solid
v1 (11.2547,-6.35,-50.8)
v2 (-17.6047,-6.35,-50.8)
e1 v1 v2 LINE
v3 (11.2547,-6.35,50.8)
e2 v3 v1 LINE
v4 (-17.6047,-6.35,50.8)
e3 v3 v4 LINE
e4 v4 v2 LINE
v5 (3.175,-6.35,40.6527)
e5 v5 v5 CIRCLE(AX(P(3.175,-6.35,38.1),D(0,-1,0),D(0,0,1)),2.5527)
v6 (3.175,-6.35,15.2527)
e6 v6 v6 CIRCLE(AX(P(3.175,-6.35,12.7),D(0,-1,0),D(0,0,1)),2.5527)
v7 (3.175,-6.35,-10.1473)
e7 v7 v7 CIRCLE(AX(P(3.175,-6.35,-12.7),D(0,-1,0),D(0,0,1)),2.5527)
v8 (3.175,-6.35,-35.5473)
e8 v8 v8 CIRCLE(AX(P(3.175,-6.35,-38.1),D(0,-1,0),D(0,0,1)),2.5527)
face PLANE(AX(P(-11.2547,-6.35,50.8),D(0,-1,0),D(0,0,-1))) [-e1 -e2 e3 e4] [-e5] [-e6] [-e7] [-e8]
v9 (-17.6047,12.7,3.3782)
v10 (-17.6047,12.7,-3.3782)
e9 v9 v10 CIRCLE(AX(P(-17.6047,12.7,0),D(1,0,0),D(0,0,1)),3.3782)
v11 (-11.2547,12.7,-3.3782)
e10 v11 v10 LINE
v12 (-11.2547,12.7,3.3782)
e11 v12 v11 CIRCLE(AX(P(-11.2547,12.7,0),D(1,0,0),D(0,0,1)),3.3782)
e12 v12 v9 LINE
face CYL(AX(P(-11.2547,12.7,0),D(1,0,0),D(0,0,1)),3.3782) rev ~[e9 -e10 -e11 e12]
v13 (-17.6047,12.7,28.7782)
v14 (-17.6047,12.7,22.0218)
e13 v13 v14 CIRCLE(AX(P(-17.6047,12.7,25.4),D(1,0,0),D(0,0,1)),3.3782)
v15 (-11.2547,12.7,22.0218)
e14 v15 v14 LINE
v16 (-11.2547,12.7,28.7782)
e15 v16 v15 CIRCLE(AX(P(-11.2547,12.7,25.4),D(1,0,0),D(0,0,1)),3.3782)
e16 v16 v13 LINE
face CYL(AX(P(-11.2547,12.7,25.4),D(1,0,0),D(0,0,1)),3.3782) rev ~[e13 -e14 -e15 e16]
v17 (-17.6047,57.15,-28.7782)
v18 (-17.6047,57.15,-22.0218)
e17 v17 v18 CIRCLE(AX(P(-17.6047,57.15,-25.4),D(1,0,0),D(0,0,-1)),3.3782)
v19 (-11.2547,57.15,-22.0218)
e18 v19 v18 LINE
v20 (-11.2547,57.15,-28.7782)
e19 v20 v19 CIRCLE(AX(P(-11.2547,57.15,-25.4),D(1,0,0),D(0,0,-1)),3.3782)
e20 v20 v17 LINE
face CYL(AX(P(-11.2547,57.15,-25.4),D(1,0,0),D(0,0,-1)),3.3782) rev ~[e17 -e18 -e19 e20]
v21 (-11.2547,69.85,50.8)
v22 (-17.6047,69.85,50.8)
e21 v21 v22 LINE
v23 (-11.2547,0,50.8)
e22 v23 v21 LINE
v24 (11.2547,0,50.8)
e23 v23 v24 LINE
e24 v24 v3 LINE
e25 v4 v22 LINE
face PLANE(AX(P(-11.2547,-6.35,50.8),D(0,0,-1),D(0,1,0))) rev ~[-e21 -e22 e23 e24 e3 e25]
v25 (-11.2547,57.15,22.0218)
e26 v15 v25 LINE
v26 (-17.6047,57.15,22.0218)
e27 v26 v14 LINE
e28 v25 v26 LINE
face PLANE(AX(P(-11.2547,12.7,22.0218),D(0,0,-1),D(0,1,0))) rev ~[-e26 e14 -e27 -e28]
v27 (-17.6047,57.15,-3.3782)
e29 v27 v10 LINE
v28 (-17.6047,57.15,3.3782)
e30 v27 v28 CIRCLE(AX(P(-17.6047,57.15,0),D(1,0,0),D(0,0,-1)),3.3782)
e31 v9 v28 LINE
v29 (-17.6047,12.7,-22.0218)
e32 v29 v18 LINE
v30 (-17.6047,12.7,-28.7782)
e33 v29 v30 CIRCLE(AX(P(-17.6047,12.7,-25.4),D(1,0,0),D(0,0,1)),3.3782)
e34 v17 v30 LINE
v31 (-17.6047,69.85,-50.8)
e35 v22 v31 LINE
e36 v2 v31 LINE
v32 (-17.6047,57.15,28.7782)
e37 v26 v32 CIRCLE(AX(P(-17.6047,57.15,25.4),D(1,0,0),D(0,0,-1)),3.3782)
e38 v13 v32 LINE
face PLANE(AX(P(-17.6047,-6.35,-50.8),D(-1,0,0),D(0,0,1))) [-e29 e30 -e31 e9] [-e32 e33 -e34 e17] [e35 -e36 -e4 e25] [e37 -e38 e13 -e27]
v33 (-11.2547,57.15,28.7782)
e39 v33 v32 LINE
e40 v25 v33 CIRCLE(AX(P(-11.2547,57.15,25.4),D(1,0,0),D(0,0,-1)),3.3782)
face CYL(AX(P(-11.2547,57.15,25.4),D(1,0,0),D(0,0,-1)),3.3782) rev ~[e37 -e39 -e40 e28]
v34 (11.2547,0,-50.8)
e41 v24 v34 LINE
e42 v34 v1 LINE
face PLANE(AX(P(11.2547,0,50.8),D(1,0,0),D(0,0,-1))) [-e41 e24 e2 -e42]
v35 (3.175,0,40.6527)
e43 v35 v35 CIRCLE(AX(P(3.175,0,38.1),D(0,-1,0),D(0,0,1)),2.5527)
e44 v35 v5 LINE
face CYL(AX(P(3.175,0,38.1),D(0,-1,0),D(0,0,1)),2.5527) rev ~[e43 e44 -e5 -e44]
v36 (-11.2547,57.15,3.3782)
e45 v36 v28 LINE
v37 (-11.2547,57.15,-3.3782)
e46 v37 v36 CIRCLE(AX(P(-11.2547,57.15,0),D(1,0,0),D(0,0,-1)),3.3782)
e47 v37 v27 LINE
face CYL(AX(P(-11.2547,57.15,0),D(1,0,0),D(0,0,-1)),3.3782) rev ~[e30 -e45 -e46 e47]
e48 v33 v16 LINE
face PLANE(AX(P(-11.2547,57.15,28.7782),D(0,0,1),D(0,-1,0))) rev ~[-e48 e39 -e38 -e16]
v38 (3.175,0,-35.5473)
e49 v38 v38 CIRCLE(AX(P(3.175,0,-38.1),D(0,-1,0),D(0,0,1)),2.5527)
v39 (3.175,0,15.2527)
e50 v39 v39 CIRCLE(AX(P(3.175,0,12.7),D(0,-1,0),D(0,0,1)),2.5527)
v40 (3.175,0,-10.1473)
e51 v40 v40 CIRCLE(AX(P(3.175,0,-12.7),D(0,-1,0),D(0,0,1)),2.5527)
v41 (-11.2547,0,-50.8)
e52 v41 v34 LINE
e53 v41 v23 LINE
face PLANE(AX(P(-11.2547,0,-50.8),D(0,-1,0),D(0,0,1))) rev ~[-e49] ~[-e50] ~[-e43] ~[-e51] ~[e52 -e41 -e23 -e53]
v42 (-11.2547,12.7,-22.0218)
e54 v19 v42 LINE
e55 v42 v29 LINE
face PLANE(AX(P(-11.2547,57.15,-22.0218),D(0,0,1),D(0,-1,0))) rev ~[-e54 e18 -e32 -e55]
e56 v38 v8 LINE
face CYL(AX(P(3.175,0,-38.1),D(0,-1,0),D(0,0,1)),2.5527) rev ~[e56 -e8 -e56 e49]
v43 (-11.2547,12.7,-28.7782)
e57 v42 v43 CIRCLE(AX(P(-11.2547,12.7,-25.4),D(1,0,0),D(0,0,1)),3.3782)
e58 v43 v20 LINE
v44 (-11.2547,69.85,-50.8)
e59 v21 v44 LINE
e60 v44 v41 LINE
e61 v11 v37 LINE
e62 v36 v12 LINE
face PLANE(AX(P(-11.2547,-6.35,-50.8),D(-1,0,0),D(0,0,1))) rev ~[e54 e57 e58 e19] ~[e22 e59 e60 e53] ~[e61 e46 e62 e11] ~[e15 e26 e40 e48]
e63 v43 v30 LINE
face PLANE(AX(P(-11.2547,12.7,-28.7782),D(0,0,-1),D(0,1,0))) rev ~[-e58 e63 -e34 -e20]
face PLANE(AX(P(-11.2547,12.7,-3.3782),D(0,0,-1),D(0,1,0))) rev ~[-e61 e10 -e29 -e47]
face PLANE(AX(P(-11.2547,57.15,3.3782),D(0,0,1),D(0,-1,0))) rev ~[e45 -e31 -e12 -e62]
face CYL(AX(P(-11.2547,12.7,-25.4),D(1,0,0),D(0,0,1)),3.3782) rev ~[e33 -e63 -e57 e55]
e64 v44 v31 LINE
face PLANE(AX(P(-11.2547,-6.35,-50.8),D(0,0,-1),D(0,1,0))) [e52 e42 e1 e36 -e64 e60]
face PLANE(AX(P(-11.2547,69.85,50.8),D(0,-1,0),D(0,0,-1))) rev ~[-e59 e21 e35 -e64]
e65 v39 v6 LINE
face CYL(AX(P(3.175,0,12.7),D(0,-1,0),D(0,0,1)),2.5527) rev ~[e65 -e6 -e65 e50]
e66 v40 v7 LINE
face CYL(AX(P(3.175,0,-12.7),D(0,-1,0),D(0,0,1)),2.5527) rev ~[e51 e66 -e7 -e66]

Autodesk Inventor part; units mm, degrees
ref_plane "YZ Plane" through (0, 0, 0) normal (1, 0, 0) x (0, 1, 0)
ref_plane "XZ Plane" through (0, 0, 0) normal (0, 1, 0) x (-1, 0, 0)
sketch "Sketch1" plane through (0, 0, 0) normal (0, 1, 0) x (-1, 0, 0)
  line L0 (11.2547, 50.8) -> (-11.2547, 50.8)
  line L1 (-11.2547, 50.8) -> (-11.2547, -50.8)
  line L2 (-11.2547, -50.8) -> (11.2547, -50.8)
  line L3 (11.2547, -50.8) -> (11.2547, 50.8)
  line L4 (11.2547, 50.8) -> (-11.2547, -50.8) construction
  line L5 (-11.2547, 50.8) -> (11.2547, -50.8) construction
  point P0 (0, 0)
  dimension "d0" = 101.6
  dimension "d1" = 22.5095
extrude "Extrusion1" add sketch "Sketch1" against normal blind 6.35
sketch "Sketch2" plane through (0, 0, 0) normal (0, 1, 0) x (1, 0, 0)
  line L0 (11.2547, -50.8) -> (-11.2547, -50.8) projected
  line L1 (-11.2547, 50.8) -> (11.2547, 50.8) projected
  line L2 (-11.2547, -50.8) -> (-4.9047, -50.8)
  line L3 (-4.9047, -50.8) -> (-4.9047, 50.8)
  line L4 (-4.9047, 50.8) -> (-11.2547, 50.8)
  line L5 (-11.2547, 50.8) -> (-11.2547, -50.8)
  point P0 (0, 0)
  dimension "d4" = 6.35
extrude "Extrusion2" add sketch "Sketch2" along normal blind 76.2
sketch "Sketch4" plane through (0, 0, 0) normal (0, 1, 0) x (1, 0, 0)
  line L0 (-4.9047, -50.8) -> (11.2547, -50.8) construction
  line L1 (3.175, -50.8) -> (3.175, 50.8) construction
  line L2 (-11.2547, 50.8) -> (11.2547, 50.8) construction
  point P0 (0, 0)
  point P1 (3.175, -38.1)
  point P2 (3.175, -12.7)
  point P3 (3.175, 12.7)
  point P4 (3.175, 38.1)
  dimension "d11" = 12.7
  dimension "d14" = 25.4
hole "Hole1" at (3.175, 0, 38.1) at (3.175, 0, 12.7) at (3.175, 0, -12.7) at (3.175, 0, -38.1) direction (0, -1, 0) diameter 5.1054 end through all clearance for "Hex Machine Screw" size "#10" standard "Ansi Unified Screw Threads"
ref_plane "Work Plane1" through (-11.2547, -6.35, -50.8) normal (-1, 0, 0) x (0, 0, 1)
sketch "Sketch7" plane through (-11.2547, -6.35, -50.8) normal (-1, 0, 0) x (0, 0, 1)
  line L0 (0, 6.35) -> (101.6, 6.35) projected
  line L1 (0, 82.55) -> (101.6, 82.55) projected
  line L2 (101.6, 0) -> (101.6, 82.55) projected
  line L3 (0, 0) -> (0, 82.55) projected
  line L4 (101.6, 6.35) -> (101.6, 82.55) projected
  line L5 (0, 6.35) -> (101.6, 6.35)
  line L6 (101.6, 6.35) -> (101.6, 82.55)
  line L7 (101.6, 82.55) -> (0, 82.55)
  line L8 (0, 82.55) -> (0, 6.35)
  point P0 (50.8, 6.35)
extrude "Extrusion5" cut sketch "Sketch7" against normal through all
sketch "Sketch8" plane through (-11.2547, -6.35, -50.8) normal (-1, 0, 0) x (0, 0, 1)
  line L0 (0, 0) -> (0, 6.35) projected
  line L1 (101.6, 0) -> (101.6, 6.35) projected
  line L2 (101.6, 0) -> (0, 0) projected
  line L3 (0, 0) -> (101.6, 0)
  line L4 (101.6, 0) -> (101.6, 76.2)
  line L5 (101.6, 76.2) -> (0, 76.2)
  line L6 (0, 76.2) -> (0, 0)
  point P0 (50.8, 6.35)
  dimension "d51" = 76.2
extrude "Extrusion6" add sketch "Sketch8" along normal blind 6.35
sketch "Sketch9" plane through (-11.2547, -6.35, -50.8) normal (1, 0, 0) x (0, 0, -1)
  line L0 (-101.6, 76.2) -> (0, 76.2) projected
  line L1 (0, 76.2) -> (0, 0) projected
  line L2 (-101.6, 0) -> (-101.6, 76.2) projected
  line L3 (0, 0) -> (-101.6, 0) projected
  line L4 (-76.2, 63.5) -> (-76.2, 19.05) construction
  line L5 (-79.5782, 63.5) -> (-79.5782, 19.05)
  line L6 (-72.8218, 19.05) -> (-72.8218, 63.5)
  arc A0 (-72.8218, 63.5) -> (-79.5782, 63.5) centre (-76.2, 63.5) ccw
  arc A1 (-79.5782, 19.05) -> (-72.8218, 19.05) centre (-76.2, 19.05) ccw
  line L7 (-101.6, 63.5) -> (0, 63.5) construction
  line L8 (-101.6, 19.05) -> (0, 19.05) construction
  line L9 (-50.8, 63.5) -> (-50.8, 19.05) construction
  line L10 (-54.1782, 63.5) -> (-54.1782, 19.05)
  line L11 (-47.4218, 19.05) -> (-47.4218, 63.5)
  arc A2 (-47.4218, 63.5) -> (-54.1782, 63.5) centre (-50.8, 63.5) ccw
  arc A3 (-54.1782, 19.05) -> (-47.4218, 19.05) centre (-50.8, 19.05) ccw
  line L12 (-25.4, 63.5) -> (-25.4, 19.05) construction
  line L13 (-28.7782, 63.5) -> (-28.7782, 19.05)
  line L14 (-22.0218, 19.05) -> (-22.0218, 63.5)
  arc A4 (-22.0218, 63.5) -> (-28.7782, 63.5) centre (-25.4, 63.5) ccw
  arc A5 (-28.7782, 19.05) -> (-22.0218, 19.05) centre (-25.4, 19.05) ccw
  point P0 (-50.8, 6.35)
  point P1 (-76.2, 41.275)
  point P2 (-50.8, 41.275)
  point P3 (-25.4, 41.275)
  dimension "d54" = 25.4
  dimension "d55" = 12.7
  dimension "d56" = 19.05
  dimension "d58" = 6.7564
  dimension "d59" = 25.4
extrude "Extrusion7" cut sketch "Sketch9" against normal through all contours A0 L6 A1 L5 | A2 L11 A3 L10 | A4 L14 A5 L13
equation "\"d0\" = BaseLength"
equation "\"d1\" = BaseWidth"
equation "\"d2\" = BaseThickness"
equation "\"d4\" = BackWidth"
equation "\"d5\" = BackHeight"
equation "\"d11\" = offsetForFirstHole"
equation "\"d54\" = deltaForSlots"
equation "\"BaseWidth\" = 22.50948"
equation "\"BaseLength\" = 101.6"
equation "\"BaseThickness\" = 6.35"
equation "\"BackWidth\" = 6.35"
equation "\"BackHeight\" = 76.2"
equation "\"TopBackExtension\" = 50.8"
equation "\"TopFrontExtension\" = 50.8"
equation "\"TopThickness\" = 6.35"
equation "\"offsetForFirstHole\" = 12.7"
equation "\"holeSpacingForMotorBracket\" = 76.2"
equation "\"offsetForBracketHoleFromEdge\" = 6.35"
equation "\"holeSpacingForVariationInMotorBracketHoles\" = 19.05"
equation "\"deltaForSlots\" = 0.25 * BaseLength"
properties part number "pullyBracketLowerPortion" material "PC/ABS Plastic"
